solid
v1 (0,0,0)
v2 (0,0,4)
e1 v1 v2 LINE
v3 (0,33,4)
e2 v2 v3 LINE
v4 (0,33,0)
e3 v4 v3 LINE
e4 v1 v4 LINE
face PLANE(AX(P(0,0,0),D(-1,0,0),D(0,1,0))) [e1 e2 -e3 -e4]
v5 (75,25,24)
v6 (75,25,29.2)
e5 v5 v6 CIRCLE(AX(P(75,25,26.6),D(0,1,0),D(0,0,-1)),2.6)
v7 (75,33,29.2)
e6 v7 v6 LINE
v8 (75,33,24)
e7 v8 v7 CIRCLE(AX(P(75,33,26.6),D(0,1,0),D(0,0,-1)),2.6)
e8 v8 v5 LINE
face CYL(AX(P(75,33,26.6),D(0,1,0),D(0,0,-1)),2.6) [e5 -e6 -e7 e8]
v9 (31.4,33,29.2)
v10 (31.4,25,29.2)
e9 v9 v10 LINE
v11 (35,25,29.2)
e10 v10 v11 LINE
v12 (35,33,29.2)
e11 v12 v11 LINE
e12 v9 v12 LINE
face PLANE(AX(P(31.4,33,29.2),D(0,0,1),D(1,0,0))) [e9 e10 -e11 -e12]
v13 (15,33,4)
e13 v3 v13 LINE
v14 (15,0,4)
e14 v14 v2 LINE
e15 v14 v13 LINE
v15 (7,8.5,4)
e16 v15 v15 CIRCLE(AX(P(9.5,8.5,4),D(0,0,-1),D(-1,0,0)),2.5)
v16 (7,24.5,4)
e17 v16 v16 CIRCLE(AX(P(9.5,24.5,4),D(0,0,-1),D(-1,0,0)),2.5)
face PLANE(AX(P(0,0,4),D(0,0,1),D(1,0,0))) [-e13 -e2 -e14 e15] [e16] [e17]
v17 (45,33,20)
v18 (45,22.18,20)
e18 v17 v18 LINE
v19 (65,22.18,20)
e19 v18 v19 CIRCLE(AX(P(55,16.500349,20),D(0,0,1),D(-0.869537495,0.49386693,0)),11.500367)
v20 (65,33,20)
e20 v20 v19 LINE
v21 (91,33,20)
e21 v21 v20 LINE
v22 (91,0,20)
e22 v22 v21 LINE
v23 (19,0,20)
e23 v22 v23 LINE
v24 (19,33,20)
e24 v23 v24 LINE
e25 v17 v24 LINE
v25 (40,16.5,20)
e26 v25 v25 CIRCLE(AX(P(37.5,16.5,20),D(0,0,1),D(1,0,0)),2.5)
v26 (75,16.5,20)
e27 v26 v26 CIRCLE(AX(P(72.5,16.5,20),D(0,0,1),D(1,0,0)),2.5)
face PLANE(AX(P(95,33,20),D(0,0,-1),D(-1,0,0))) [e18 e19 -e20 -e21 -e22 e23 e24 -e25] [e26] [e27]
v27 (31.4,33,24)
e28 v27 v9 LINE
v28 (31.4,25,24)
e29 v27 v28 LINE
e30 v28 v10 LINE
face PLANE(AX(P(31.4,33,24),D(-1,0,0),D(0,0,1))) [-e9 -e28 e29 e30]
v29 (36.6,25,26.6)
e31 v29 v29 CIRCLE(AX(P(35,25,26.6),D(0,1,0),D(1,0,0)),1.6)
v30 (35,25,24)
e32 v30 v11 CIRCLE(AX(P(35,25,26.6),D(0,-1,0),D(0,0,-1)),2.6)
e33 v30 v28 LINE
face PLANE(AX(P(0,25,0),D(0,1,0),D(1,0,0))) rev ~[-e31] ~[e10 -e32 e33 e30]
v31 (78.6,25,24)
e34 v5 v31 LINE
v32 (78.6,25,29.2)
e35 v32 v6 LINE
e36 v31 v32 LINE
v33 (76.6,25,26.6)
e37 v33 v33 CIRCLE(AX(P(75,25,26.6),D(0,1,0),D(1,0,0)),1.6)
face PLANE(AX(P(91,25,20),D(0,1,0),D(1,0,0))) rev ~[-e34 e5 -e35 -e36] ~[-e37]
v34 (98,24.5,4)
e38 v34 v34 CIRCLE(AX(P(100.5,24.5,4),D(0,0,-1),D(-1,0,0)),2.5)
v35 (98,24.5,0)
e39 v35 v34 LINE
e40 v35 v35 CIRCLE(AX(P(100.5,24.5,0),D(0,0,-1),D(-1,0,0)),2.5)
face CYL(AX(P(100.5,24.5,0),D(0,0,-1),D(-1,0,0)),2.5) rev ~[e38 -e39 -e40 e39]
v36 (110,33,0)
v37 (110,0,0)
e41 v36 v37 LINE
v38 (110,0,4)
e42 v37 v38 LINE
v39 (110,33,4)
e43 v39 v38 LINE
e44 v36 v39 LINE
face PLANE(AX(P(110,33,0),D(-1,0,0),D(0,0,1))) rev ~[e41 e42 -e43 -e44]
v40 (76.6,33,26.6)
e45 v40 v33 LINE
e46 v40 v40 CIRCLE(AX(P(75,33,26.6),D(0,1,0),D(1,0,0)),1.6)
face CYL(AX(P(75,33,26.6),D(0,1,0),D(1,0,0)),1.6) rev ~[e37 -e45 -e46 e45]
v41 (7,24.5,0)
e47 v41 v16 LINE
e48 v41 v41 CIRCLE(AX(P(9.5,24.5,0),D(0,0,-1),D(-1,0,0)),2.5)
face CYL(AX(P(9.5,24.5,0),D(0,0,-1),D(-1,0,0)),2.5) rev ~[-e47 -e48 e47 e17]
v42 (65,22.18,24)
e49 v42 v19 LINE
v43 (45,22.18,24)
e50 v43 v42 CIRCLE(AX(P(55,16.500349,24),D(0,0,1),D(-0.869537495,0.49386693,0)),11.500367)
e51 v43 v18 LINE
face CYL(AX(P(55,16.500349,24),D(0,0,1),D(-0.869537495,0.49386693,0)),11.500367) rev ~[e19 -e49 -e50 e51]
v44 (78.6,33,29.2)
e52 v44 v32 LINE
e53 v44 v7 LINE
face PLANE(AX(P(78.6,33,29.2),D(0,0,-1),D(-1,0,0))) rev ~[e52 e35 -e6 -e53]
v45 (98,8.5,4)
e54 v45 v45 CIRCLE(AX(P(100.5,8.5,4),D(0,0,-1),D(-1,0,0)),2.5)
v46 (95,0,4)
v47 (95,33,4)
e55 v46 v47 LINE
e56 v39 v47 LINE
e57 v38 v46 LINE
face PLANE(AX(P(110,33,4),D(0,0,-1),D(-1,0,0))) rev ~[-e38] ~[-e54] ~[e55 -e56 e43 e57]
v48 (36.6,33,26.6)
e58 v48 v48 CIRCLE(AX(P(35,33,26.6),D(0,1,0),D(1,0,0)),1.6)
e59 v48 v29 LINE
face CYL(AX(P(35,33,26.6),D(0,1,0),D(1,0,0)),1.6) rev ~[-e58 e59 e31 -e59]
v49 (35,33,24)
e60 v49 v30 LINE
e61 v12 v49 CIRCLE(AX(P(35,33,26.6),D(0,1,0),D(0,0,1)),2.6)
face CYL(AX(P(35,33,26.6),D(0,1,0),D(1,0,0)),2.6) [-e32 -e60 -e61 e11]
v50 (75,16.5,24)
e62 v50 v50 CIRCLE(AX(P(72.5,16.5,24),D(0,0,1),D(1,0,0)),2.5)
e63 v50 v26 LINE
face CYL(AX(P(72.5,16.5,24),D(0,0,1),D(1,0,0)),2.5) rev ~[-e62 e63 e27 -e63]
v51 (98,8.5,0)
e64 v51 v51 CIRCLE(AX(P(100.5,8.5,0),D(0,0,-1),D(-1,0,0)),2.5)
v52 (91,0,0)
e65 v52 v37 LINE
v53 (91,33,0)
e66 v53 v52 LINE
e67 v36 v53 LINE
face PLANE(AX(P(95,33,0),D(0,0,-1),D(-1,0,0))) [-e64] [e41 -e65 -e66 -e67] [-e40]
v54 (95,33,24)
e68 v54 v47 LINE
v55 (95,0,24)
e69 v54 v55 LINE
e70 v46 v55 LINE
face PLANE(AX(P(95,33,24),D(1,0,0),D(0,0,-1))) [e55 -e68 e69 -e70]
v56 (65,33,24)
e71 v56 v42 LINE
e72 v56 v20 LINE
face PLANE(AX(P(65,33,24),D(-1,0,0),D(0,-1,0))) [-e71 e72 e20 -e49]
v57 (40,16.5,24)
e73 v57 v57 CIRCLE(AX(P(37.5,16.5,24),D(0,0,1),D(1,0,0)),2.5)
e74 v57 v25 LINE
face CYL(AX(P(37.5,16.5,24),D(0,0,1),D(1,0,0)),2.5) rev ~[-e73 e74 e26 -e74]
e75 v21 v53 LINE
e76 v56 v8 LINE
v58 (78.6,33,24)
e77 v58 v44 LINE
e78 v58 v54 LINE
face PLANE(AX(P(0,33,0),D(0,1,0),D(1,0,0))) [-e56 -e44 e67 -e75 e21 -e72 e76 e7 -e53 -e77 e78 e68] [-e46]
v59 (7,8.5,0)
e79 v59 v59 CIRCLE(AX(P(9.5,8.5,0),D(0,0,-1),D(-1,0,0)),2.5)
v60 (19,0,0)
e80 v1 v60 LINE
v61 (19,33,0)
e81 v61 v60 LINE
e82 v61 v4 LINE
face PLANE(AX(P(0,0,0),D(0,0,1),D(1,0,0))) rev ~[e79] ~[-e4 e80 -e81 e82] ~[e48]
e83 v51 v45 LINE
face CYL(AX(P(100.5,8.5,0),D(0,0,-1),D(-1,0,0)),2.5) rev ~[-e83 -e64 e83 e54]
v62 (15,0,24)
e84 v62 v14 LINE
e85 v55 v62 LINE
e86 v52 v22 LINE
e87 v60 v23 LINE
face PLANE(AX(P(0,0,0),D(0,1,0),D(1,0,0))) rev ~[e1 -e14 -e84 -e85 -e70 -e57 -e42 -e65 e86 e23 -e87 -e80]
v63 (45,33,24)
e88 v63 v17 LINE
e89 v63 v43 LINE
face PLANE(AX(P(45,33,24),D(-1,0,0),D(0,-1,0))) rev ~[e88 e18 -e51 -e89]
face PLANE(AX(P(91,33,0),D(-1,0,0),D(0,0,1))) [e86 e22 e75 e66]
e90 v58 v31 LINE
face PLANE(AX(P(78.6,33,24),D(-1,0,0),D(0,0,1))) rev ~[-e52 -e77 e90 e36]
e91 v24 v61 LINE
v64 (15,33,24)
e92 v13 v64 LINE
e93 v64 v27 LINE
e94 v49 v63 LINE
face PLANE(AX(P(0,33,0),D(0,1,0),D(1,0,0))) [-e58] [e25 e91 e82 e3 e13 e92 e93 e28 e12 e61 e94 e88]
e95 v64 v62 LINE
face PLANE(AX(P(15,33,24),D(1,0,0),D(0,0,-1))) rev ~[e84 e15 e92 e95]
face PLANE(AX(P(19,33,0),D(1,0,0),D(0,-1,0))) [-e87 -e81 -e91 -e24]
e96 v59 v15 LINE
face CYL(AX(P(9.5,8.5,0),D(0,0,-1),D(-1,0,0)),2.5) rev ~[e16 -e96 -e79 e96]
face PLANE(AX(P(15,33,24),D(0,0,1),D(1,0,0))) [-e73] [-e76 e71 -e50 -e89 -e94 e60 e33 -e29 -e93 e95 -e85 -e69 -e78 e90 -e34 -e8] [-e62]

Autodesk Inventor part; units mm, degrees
ref_plane "YZ Plane" through (0, 0, 0) normal (1, 0, 0) x (0, 1, 0)
ref_plane "XZ Plane" through (0, 0, 0) normal (0, 1, 0) x (-1, 0, 0)
ref_plane "XY Plane" through (0, 0, 0) normal (0, 0, 1) x (1, 0, 0)
sketch "Sketch1" plane through (0, 0, 0) normal (0, 0, 1) x (1, 0, 0)
  line L0 (0, 0) -> (0, 33)
  line L1 (0, 33) -> (19, 33)
  line L2 (19, 33) -> (19, 0)
  line L3 (19, 0) -> (0, 0)
  dimension "d0" = 33
  dimension "d1" = 19
extrude "Extrusion1" add sketch "Sketch1" along normal blind 4
sketch "Sketch2" plane through (0, 33, 0) normal (0, 1, 0) x (1, 0, 0)
  line L0 (19, 0) -> (0, 0) projected
  line L1 (19, 0) -> (19, -24)
  line L2 (19, -24) -> (15, -24)
  line L3 (15, -24) -> (15, 0)
  line L4 (15, 0) -> (19, 0)
  dimension "d4" = 24
  dimension "d5" = 4
  dimension "d6" = 24
extrude "Extrusion2" add sketch "Sketch2" against normal blind 33
sketch "Sketch3" plane through (0, 33, 0) normal (0, 1, 0) x (1, 0, 0)
  line L0 (15, -4) -> (15, -24) projected
  line L1 (15, -24) -> (95, -24)
  line L2 (95, -24) -> (95, -20)
  line L3 (95, -20) -> (15, -20)
  line L4 (15, -20) -> (15, -24)
  point P0 (0, 0)
  dimension "d9" = 80
  dimension "d10" = 4
  dimension "d11" = 80
extrude "Extrusion3" add sketch "Sketch3" against normal blind 33
sketch "Sketch4" plane through (0, 33, 0) normal (0, 1, 0) x (1, 0, 0)
  line L0 (15, -24) -> (95, -24) projected
  line L1 (95, -24) -> (95, 0)
  line L2 (95, 0) -> (91, 0)
  line L3 (91, 0) -> (91, -24)
  line L4 (91, -24) -> (95, -24)
  point P0 (0, 0)
  dimension "d14" = 24
  dimension "d15" = 4
  dimension "d16" = 24
extrude "Extrusion4" add sketch "Sketch4" against normal blind 33
sketch "Sketch5" plane through (0, 33, 0) normal (0, 1, 0) x (1, 0, 0)
  line L0 (91, 0) -> (91, -20) projected
  line L1 (91, 0) -> (110, 0)
  line L2 (110, 0) -> (110, -4)
  line L3 (110, -4) -> (91, -4)
  line L4 (91, -4) -> (91, 0)
  point P0 (0, 0)
  dimension "d19" = 19
  dimension "d20" = 4
  dimension "d21" = 19
  dimension "d22" = 4
extrude "Extrusion5" add sketch "Sketch5" against normal blind 33
sketch "Sketch6" plane through (15, 0, 24) normal (0, 0, 1) x (1, 0, 0)
  line L0 (80, 33) -> (80, 0) projected
  line L1 (30, 33) -> (30, 22.18)
  line L2 (50, 33) -> (50, 22.18)
  arc A0 (30.0006, 22.18) -> (49.9994, 22.18) centre (40, 16.5) ccw
  line L3 (30, 22.18) -> (30.0006, 22.18)
  line L4 (49.9994, 22.18) -> (50, 22.18)
  line L5 (30, 33) -> (50, 33)
  line L6 (0, 33) -> (80, 33) projected
  point P0 (-15, 0)
  dimension "d27" = 10.82
  dimension "d28" = 10.82
  dimension "d30" = 23
extrude "Extrusion6" cut sketch "Sketch6" against normal blind 4
sketch "Sketch7" plane through (0, 0, 0) normal (0, 0, -1) x (-1, 0, 0)
  line L0 (0, 33) -> (-19, 33) projected
  line L1 (-19, 0) -> (0, 0) projected
  circle A0 centre (-9.5, 24.5) radius 2.5
  circle A1 centre (-9.5, 8.5) radius 2.5
  dimension "d35" = 5
  dimension "d36" = 5
extrude "Extrusion7" cut sketch "Sketch7" against normal blind 4
sketch "Sketch8" plane through (91, 0, 0) normal (0, 0, -1) x (-1, 0, 0)
  circle A0 centre (-9.5, 24.5) radius 2.5
  circle A1 centre (-9.5, 8.5) radius 2.5
  point P0 (91, 0)
  point P1 (-19, 33)
  point P2 (0, 33)
  point P3 (-19, 0)
  point P4 (0, 0)
  dimension "d39" = 19
  dimension "d43" = 5
  dimension "d44" = 5
extrude "Extrusion8" cut sketch "Sketch8" against normal blind 4
sketch "Sketch9" plane through (15, 0, 24) normal (0, 0, 1) x (1, 0, 0)
  line L0 (0, 33) -> (30, 33) projected
  line L1 (0, 0) -> (0, 33) projected
  circle A0 centre (22.5, 16.5) radius 2.5
  line L2 (50, 33) -> (80, 33) projected
  line L3 (80, 0) -> (80, 33) projected
  circle A1 centre (57.5, 16.5) radius 2.5
  point P0 (-15, 0)
  dimension "d49" = 5
  dimension "d52" = 5
extrude "Extrusion9" cut sketch "Sketch9" against normal blind 4
sketch "Sketch10" plane through (0, 33, 0) normal (0, 1, 0) x (1, 0, 0)
  line L0 (31.4, -24) -> (31.4, -29.2)
  line L1 (31.4, -29.2) -> (35, -29.2)
  line L2 (37.6, -26.6) -> (37.6, -26.6)
  line L3 (40, -24) -> (35, -24) projected
  line L4 (35, -24) -> (31.4, -24)
  arc A0 (37.6, -26.6) -> (35, -24) centre (35, -26.6) ccw
  arc A1 (35, -29.2) -> (37.6, -26.6) centre (35, -26.6) ccw
  circle A2 centre (35, -26.6) radius 1.6
  point P0 (0, 0)
  point P1 (15, -24)
  point P2 (37.6, -29.2)
  point P3 (37.6, -24)
  dimension "d56" = 5.2
  dimension "d57" = 6.2
  dimension "d58" = 5.2
  dimension "d59" = 6.2
  dimension "d60" = 2.6
  dimension "d61" = 3.2
extrude "Extrusion10" add sketch "Sketch10" against normal blind 8
sketch "Sketch11" plane through (91, 33, 20) normal (0, 1, 0) x (1, 0, 0)
  line L0 (-12.4, -4) -> (-12.4, -9.2)
  line L1 (-12.4, -9.2) -> (-16, -9.2)
  line L2 (-18.6, -6.6) -> (-18.6, -6.6)
  line L3 (-16, -4) -> (-21, -4) projected
  line L4 (-16, -4) -> (-12.4, -4)
  arc A0 (-16, -4) -> (-18.6, -6.6) centre (-16, -6.6) ccw
  arc A1 (-18.6, -6.6) -> (-16, -9.2) centre (-16, -6.6) ccw
  circle A2 centre (-16, -6.6) radius 1.6
  point P0 (-91, 20)
  point P1 (4, -4)
  point P2 (-18.6, -9.2)
  point P3 (-18.6, -4)
  dimension "d64" = 16.4
  dimension "d65" = 5.2
  dimension "d66" = 6.2
  dimension "d67" = 5.2
  dimension "d68" = 6.2
  dimension "d69" = 2.6
  dimension "d70" = 3.2
extrude "Extrusion11" add sketch "Sketch11" against normal blind 8
